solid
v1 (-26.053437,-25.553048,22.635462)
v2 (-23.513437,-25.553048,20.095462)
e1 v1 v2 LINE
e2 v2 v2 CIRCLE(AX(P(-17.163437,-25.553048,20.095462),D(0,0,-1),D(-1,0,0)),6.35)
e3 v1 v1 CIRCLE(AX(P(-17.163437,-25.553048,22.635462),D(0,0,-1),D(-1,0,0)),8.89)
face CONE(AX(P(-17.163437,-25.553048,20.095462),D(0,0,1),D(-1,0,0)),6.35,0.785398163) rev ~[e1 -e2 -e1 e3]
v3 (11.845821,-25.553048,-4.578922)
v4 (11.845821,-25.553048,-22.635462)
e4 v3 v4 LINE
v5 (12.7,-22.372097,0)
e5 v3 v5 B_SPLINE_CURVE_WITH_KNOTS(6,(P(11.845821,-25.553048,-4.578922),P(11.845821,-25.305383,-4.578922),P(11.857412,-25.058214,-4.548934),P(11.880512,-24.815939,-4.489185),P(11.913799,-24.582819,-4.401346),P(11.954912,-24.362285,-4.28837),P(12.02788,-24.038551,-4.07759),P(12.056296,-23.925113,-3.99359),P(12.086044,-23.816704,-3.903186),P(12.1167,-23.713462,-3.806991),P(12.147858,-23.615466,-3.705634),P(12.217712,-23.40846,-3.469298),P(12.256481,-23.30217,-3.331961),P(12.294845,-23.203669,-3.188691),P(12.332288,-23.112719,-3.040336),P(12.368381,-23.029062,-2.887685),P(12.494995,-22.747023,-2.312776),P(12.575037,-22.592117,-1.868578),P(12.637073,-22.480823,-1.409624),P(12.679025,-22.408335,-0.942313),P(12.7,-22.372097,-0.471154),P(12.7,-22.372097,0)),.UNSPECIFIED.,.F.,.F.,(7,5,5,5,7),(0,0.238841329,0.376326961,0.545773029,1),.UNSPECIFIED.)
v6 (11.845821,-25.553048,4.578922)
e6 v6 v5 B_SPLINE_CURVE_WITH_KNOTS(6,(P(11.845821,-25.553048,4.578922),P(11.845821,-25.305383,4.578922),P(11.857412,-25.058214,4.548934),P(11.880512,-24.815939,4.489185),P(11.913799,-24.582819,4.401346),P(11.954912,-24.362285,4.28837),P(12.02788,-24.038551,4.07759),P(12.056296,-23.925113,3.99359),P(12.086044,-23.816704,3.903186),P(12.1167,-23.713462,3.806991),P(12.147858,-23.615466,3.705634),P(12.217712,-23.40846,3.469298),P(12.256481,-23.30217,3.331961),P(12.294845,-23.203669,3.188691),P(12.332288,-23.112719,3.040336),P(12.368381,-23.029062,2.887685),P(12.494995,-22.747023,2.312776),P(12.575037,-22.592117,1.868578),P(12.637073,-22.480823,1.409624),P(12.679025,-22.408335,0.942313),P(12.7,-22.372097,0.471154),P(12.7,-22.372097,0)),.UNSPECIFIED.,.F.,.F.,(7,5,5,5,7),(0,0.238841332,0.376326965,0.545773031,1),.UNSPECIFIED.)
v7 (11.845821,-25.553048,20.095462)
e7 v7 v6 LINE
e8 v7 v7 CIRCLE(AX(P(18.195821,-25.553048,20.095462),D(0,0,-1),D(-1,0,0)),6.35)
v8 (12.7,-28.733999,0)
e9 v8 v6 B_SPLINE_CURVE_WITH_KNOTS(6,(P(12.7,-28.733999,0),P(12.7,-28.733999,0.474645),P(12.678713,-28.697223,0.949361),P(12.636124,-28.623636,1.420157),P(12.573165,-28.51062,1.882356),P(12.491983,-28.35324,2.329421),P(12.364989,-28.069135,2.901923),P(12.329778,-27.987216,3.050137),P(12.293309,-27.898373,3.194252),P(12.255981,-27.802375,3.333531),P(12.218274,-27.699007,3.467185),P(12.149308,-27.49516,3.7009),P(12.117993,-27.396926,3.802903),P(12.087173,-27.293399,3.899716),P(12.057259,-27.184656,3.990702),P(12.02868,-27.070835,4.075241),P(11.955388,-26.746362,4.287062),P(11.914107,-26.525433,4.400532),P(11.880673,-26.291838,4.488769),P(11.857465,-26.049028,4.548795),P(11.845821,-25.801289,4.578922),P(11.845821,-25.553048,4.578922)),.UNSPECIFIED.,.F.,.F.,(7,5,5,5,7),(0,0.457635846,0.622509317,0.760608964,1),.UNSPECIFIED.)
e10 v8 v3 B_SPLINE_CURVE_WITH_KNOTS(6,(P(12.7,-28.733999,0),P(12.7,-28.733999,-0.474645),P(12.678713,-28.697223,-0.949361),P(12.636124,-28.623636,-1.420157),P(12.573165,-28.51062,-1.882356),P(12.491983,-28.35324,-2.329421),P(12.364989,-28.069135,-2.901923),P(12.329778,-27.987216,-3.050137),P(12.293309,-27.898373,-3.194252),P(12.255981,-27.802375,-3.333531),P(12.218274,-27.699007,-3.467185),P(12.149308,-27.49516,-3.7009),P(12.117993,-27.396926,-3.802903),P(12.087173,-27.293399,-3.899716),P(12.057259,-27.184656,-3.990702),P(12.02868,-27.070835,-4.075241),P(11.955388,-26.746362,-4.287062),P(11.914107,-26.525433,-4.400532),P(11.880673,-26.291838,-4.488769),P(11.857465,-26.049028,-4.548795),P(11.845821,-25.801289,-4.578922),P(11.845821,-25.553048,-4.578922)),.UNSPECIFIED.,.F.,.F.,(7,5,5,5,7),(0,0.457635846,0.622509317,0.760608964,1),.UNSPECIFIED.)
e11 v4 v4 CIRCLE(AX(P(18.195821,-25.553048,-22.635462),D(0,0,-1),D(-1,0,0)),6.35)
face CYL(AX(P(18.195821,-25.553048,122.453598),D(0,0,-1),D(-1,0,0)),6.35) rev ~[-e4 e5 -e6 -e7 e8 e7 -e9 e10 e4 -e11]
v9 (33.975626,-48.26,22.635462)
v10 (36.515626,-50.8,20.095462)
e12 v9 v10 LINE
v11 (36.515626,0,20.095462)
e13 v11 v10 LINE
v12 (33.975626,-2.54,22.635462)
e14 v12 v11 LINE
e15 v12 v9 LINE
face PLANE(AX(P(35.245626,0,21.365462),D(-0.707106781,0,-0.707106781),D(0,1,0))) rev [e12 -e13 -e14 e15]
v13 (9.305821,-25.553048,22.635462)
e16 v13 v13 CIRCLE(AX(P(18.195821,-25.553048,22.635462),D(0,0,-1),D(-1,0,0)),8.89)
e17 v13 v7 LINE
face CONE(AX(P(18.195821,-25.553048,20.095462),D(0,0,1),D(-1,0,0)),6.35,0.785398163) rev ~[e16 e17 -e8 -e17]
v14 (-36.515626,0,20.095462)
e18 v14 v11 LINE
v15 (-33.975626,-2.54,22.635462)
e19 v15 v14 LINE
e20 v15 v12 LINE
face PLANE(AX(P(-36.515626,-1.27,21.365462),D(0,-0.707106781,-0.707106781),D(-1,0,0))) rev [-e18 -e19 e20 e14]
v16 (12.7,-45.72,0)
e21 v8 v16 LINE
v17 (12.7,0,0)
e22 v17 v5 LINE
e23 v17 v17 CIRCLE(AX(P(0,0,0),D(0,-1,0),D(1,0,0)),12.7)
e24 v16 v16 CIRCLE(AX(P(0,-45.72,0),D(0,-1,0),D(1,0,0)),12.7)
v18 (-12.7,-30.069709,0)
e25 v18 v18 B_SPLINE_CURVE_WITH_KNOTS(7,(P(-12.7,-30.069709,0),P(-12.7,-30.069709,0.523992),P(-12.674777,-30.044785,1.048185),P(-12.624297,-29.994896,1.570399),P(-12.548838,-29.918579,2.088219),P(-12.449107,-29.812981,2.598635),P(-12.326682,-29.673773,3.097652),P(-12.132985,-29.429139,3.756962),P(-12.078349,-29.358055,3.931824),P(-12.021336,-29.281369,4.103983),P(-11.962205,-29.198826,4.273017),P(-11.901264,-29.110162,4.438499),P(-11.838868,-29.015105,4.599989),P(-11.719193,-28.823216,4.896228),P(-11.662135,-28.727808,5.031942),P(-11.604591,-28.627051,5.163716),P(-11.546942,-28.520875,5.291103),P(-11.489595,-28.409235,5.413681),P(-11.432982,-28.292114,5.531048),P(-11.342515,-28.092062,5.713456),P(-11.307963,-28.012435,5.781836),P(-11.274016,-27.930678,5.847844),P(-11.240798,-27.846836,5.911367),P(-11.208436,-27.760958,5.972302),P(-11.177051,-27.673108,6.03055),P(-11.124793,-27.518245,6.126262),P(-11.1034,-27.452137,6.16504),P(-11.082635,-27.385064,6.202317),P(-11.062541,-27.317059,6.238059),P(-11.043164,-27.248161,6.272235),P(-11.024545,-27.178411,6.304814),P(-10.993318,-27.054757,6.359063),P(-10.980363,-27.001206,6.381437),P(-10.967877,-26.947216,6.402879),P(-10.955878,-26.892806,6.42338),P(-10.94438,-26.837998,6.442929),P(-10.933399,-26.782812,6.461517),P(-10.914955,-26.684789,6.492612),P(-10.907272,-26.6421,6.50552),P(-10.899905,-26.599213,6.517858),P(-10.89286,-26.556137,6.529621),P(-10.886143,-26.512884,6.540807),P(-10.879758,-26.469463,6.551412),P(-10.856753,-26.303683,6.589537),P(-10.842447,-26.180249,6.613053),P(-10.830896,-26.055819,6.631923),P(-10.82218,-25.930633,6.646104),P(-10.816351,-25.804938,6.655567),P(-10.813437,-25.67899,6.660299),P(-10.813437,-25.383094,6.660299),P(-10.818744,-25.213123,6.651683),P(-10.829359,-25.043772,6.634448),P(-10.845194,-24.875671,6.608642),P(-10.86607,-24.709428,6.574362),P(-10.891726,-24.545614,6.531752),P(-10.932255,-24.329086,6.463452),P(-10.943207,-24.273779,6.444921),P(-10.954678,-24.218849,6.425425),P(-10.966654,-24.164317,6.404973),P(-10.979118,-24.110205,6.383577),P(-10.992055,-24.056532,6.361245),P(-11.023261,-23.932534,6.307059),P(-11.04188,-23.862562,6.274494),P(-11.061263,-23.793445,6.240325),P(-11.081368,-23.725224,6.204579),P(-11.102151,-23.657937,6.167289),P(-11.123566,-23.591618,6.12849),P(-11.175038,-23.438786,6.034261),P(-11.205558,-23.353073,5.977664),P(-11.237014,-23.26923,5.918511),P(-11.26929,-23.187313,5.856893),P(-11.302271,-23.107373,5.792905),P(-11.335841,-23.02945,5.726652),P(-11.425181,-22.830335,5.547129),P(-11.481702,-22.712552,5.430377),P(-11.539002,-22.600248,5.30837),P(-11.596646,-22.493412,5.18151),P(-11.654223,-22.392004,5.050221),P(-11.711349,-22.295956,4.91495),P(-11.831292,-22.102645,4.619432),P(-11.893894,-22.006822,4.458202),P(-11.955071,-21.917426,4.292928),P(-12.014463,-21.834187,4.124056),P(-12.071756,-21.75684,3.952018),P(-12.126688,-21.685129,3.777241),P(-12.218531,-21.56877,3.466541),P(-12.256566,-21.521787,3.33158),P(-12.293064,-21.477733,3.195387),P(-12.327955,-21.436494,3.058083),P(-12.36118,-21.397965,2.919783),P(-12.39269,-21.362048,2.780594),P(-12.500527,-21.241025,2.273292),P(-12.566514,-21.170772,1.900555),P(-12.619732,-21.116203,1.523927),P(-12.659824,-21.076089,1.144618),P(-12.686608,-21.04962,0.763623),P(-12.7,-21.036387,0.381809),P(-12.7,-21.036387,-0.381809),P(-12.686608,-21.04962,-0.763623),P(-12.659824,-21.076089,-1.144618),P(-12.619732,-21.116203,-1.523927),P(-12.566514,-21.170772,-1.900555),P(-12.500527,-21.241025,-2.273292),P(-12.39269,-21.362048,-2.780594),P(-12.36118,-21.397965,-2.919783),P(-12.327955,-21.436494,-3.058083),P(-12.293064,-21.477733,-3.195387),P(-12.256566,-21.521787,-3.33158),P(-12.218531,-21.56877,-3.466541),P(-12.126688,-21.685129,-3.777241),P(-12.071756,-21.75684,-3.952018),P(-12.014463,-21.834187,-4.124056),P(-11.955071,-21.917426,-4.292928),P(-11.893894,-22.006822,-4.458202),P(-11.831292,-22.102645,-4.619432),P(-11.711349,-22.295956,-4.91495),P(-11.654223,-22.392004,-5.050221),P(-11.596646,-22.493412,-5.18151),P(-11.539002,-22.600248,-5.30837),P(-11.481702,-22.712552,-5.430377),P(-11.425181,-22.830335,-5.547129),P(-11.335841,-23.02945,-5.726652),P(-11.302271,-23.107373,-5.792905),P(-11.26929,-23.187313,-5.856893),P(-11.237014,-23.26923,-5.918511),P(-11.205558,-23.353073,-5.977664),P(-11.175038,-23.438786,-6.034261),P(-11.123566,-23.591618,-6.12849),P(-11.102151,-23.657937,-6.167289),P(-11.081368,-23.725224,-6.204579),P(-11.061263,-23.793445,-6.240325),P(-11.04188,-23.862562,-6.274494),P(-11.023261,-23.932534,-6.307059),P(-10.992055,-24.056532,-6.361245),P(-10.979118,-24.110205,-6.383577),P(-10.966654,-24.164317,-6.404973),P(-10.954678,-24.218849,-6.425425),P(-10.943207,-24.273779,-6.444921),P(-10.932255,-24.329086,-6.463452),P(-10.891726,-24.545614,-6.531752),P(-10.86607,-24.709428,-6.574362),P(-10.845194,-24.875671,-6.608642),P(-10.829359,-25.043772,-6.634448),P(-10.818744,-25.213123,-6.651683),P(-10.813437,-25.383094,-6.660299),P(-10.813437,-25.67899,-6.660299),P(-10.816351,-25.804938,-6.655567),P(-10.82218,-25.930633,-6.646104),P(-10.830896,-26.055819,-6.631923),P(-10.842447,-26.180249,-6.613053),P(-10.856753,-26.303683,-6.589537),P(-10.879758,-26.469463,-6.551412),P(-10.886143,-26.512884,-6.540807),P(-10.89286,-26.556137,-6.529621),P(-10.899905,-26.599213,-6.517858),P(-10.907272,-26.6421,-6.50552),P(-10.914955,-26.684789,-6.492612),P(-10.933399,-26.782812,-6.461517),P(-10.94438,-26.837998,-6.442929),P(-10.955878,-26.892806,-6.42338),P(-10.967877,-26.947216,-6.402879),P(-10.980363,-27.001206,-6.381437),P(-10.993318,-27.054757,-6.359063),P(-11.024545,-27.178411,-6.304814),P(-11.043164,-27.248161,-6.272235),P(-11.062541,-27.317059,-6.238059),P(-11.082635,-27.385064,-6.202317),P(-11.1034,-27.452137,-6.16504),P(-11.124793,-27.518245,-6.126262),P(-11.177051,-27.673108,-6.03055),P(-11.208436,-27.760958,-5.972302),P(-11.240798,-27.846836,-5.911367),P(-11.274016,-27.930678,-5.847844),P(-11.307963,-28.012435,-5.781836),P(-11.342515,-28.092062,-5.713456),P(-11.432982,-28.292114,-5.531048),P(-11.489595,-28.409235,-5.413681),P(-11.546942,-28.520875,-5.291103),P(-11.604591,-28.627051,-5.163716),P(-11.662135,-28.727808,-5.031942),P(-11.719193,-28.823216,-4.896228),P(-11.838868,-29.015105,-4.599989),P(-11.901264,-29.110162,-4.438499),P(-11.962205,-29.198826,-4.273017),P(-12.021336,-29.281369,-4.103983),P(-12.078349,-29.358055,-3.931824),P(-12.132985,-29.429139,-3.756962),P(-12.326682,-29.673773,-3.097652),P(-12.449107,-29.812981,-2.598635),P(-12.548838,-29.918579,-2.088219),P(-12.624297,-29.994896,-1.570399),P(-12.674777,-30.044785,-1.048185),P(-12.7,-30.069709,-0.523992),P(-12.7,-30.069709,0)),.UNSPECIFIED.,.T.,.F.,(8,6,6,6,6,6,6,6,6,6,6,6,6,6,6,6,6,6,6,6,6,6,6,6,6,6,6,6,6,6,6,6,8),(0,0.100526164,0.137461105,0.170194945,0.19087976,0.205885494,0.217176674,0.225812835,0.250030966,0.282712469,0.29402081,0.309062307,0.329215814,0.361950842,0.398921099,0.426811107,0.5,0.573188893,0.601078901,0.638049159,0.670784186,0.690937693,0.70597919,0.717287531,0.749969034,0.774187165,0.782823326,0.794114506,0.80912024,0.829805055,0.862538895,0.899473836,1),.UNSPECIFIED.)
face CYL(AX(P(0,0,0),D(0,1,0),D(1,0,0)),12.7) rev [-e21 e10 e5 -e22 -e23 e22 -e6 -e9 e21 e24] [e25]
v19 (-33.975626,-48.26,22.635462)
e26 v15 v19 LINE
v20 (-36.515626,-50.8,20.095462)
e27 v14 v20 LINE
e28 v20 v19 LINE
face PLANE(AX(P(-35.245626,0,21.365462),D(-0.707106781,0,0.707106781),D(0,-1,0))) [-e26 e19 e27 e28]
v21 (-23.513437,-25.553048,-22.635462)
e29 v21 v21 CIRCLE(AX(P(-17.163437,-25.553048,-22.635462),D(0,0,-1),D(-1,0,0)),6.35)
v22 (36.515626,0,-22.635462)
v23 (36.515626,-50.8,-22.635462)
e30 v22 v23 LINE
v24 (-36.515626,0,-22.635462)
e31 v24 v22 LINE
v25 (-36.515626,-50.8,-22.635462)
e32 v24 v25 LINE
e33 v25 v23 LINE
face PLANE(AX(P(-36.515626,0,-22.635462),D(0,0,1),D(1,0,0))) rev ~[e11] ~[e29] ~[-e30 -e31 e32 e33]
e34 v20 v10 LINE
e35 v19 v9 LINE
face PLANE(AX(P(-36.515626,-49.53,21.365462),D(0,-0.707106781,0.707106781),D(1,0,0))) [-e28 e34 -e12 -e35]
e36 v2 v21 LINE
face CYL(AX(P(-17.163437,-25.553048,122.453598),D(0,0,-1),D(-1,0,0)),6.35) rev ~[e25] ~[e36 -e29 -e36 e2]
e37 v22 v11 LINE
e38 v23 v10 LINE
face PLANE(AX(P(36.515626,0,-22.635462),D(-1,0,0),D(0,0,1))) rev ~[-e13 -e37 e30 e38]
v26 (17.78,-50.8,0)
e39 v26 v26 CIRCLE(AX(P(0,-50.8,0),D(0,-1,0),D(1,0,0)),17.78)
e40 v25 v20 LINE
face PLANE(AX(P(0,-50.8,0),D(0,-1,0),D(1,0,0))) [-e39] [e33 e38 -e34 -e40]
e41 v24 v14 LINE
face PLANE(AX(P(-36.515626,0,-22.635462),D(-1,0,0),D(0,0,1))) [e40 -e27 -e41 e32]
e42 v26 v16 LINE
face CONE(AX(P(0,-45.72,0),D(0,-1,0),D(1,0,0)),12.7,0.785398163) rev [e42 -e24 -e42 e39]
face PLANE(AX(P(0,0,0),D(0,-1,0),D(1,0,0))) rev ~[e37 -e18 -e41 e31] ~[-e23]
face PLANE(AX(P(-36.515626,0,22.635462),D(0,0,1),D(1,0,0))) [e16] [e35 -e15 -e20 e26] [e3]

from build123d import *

# Parameters (mm, degrees)
F0_W     = 73.031252
F0_H     = 45.270924
F0_R     = 12.7
F1_DEPTH = 50.8
F3_D     = 12.7
F4_SIZE  = 5.08
F5_SIZE  = 2.54


with BuildPart() as f1:
    # F0 (on Front) → F1 (new body)
    with BuildSketch(Plane.XZ):
        Rectangle(F0_W, F0_H)
        Circle(F0_R, mode=Mode.SUBTRACT)
    extrude(amount=F1_DEPTH)

    # F3 (through all)
    with Locations(Plane.XY.offset(22.635462)):
        with Locations((-17.163437, -25.553048), (18.195821, -25.553048)):
            Hole(F3_D / 2)

    # F4
    f4_edges = [f1.edges().sort_by_distance(p)[0] for p in [
        (-12.7, -50.8, 0),
    ]]
    chamfer(f4_edges, length=F4_SIZE)

    # F5
    f5_edges = [f1.edges().sort_by_distance(p)[0] for p in [
        (36.515626, -25.4, 22.635462),
        (0, 0, 22.635462),
        (0, -50.8, 22.635462),
        (-36.515626, -25.4, 22.635462),
        (11.845821, -25.553048, 22.635462),
        (-23.513437, -25.553048, 22.635462),
    ]]
    chamfer(f5_edges, length=F5_SIZE)


solid = f1.part
